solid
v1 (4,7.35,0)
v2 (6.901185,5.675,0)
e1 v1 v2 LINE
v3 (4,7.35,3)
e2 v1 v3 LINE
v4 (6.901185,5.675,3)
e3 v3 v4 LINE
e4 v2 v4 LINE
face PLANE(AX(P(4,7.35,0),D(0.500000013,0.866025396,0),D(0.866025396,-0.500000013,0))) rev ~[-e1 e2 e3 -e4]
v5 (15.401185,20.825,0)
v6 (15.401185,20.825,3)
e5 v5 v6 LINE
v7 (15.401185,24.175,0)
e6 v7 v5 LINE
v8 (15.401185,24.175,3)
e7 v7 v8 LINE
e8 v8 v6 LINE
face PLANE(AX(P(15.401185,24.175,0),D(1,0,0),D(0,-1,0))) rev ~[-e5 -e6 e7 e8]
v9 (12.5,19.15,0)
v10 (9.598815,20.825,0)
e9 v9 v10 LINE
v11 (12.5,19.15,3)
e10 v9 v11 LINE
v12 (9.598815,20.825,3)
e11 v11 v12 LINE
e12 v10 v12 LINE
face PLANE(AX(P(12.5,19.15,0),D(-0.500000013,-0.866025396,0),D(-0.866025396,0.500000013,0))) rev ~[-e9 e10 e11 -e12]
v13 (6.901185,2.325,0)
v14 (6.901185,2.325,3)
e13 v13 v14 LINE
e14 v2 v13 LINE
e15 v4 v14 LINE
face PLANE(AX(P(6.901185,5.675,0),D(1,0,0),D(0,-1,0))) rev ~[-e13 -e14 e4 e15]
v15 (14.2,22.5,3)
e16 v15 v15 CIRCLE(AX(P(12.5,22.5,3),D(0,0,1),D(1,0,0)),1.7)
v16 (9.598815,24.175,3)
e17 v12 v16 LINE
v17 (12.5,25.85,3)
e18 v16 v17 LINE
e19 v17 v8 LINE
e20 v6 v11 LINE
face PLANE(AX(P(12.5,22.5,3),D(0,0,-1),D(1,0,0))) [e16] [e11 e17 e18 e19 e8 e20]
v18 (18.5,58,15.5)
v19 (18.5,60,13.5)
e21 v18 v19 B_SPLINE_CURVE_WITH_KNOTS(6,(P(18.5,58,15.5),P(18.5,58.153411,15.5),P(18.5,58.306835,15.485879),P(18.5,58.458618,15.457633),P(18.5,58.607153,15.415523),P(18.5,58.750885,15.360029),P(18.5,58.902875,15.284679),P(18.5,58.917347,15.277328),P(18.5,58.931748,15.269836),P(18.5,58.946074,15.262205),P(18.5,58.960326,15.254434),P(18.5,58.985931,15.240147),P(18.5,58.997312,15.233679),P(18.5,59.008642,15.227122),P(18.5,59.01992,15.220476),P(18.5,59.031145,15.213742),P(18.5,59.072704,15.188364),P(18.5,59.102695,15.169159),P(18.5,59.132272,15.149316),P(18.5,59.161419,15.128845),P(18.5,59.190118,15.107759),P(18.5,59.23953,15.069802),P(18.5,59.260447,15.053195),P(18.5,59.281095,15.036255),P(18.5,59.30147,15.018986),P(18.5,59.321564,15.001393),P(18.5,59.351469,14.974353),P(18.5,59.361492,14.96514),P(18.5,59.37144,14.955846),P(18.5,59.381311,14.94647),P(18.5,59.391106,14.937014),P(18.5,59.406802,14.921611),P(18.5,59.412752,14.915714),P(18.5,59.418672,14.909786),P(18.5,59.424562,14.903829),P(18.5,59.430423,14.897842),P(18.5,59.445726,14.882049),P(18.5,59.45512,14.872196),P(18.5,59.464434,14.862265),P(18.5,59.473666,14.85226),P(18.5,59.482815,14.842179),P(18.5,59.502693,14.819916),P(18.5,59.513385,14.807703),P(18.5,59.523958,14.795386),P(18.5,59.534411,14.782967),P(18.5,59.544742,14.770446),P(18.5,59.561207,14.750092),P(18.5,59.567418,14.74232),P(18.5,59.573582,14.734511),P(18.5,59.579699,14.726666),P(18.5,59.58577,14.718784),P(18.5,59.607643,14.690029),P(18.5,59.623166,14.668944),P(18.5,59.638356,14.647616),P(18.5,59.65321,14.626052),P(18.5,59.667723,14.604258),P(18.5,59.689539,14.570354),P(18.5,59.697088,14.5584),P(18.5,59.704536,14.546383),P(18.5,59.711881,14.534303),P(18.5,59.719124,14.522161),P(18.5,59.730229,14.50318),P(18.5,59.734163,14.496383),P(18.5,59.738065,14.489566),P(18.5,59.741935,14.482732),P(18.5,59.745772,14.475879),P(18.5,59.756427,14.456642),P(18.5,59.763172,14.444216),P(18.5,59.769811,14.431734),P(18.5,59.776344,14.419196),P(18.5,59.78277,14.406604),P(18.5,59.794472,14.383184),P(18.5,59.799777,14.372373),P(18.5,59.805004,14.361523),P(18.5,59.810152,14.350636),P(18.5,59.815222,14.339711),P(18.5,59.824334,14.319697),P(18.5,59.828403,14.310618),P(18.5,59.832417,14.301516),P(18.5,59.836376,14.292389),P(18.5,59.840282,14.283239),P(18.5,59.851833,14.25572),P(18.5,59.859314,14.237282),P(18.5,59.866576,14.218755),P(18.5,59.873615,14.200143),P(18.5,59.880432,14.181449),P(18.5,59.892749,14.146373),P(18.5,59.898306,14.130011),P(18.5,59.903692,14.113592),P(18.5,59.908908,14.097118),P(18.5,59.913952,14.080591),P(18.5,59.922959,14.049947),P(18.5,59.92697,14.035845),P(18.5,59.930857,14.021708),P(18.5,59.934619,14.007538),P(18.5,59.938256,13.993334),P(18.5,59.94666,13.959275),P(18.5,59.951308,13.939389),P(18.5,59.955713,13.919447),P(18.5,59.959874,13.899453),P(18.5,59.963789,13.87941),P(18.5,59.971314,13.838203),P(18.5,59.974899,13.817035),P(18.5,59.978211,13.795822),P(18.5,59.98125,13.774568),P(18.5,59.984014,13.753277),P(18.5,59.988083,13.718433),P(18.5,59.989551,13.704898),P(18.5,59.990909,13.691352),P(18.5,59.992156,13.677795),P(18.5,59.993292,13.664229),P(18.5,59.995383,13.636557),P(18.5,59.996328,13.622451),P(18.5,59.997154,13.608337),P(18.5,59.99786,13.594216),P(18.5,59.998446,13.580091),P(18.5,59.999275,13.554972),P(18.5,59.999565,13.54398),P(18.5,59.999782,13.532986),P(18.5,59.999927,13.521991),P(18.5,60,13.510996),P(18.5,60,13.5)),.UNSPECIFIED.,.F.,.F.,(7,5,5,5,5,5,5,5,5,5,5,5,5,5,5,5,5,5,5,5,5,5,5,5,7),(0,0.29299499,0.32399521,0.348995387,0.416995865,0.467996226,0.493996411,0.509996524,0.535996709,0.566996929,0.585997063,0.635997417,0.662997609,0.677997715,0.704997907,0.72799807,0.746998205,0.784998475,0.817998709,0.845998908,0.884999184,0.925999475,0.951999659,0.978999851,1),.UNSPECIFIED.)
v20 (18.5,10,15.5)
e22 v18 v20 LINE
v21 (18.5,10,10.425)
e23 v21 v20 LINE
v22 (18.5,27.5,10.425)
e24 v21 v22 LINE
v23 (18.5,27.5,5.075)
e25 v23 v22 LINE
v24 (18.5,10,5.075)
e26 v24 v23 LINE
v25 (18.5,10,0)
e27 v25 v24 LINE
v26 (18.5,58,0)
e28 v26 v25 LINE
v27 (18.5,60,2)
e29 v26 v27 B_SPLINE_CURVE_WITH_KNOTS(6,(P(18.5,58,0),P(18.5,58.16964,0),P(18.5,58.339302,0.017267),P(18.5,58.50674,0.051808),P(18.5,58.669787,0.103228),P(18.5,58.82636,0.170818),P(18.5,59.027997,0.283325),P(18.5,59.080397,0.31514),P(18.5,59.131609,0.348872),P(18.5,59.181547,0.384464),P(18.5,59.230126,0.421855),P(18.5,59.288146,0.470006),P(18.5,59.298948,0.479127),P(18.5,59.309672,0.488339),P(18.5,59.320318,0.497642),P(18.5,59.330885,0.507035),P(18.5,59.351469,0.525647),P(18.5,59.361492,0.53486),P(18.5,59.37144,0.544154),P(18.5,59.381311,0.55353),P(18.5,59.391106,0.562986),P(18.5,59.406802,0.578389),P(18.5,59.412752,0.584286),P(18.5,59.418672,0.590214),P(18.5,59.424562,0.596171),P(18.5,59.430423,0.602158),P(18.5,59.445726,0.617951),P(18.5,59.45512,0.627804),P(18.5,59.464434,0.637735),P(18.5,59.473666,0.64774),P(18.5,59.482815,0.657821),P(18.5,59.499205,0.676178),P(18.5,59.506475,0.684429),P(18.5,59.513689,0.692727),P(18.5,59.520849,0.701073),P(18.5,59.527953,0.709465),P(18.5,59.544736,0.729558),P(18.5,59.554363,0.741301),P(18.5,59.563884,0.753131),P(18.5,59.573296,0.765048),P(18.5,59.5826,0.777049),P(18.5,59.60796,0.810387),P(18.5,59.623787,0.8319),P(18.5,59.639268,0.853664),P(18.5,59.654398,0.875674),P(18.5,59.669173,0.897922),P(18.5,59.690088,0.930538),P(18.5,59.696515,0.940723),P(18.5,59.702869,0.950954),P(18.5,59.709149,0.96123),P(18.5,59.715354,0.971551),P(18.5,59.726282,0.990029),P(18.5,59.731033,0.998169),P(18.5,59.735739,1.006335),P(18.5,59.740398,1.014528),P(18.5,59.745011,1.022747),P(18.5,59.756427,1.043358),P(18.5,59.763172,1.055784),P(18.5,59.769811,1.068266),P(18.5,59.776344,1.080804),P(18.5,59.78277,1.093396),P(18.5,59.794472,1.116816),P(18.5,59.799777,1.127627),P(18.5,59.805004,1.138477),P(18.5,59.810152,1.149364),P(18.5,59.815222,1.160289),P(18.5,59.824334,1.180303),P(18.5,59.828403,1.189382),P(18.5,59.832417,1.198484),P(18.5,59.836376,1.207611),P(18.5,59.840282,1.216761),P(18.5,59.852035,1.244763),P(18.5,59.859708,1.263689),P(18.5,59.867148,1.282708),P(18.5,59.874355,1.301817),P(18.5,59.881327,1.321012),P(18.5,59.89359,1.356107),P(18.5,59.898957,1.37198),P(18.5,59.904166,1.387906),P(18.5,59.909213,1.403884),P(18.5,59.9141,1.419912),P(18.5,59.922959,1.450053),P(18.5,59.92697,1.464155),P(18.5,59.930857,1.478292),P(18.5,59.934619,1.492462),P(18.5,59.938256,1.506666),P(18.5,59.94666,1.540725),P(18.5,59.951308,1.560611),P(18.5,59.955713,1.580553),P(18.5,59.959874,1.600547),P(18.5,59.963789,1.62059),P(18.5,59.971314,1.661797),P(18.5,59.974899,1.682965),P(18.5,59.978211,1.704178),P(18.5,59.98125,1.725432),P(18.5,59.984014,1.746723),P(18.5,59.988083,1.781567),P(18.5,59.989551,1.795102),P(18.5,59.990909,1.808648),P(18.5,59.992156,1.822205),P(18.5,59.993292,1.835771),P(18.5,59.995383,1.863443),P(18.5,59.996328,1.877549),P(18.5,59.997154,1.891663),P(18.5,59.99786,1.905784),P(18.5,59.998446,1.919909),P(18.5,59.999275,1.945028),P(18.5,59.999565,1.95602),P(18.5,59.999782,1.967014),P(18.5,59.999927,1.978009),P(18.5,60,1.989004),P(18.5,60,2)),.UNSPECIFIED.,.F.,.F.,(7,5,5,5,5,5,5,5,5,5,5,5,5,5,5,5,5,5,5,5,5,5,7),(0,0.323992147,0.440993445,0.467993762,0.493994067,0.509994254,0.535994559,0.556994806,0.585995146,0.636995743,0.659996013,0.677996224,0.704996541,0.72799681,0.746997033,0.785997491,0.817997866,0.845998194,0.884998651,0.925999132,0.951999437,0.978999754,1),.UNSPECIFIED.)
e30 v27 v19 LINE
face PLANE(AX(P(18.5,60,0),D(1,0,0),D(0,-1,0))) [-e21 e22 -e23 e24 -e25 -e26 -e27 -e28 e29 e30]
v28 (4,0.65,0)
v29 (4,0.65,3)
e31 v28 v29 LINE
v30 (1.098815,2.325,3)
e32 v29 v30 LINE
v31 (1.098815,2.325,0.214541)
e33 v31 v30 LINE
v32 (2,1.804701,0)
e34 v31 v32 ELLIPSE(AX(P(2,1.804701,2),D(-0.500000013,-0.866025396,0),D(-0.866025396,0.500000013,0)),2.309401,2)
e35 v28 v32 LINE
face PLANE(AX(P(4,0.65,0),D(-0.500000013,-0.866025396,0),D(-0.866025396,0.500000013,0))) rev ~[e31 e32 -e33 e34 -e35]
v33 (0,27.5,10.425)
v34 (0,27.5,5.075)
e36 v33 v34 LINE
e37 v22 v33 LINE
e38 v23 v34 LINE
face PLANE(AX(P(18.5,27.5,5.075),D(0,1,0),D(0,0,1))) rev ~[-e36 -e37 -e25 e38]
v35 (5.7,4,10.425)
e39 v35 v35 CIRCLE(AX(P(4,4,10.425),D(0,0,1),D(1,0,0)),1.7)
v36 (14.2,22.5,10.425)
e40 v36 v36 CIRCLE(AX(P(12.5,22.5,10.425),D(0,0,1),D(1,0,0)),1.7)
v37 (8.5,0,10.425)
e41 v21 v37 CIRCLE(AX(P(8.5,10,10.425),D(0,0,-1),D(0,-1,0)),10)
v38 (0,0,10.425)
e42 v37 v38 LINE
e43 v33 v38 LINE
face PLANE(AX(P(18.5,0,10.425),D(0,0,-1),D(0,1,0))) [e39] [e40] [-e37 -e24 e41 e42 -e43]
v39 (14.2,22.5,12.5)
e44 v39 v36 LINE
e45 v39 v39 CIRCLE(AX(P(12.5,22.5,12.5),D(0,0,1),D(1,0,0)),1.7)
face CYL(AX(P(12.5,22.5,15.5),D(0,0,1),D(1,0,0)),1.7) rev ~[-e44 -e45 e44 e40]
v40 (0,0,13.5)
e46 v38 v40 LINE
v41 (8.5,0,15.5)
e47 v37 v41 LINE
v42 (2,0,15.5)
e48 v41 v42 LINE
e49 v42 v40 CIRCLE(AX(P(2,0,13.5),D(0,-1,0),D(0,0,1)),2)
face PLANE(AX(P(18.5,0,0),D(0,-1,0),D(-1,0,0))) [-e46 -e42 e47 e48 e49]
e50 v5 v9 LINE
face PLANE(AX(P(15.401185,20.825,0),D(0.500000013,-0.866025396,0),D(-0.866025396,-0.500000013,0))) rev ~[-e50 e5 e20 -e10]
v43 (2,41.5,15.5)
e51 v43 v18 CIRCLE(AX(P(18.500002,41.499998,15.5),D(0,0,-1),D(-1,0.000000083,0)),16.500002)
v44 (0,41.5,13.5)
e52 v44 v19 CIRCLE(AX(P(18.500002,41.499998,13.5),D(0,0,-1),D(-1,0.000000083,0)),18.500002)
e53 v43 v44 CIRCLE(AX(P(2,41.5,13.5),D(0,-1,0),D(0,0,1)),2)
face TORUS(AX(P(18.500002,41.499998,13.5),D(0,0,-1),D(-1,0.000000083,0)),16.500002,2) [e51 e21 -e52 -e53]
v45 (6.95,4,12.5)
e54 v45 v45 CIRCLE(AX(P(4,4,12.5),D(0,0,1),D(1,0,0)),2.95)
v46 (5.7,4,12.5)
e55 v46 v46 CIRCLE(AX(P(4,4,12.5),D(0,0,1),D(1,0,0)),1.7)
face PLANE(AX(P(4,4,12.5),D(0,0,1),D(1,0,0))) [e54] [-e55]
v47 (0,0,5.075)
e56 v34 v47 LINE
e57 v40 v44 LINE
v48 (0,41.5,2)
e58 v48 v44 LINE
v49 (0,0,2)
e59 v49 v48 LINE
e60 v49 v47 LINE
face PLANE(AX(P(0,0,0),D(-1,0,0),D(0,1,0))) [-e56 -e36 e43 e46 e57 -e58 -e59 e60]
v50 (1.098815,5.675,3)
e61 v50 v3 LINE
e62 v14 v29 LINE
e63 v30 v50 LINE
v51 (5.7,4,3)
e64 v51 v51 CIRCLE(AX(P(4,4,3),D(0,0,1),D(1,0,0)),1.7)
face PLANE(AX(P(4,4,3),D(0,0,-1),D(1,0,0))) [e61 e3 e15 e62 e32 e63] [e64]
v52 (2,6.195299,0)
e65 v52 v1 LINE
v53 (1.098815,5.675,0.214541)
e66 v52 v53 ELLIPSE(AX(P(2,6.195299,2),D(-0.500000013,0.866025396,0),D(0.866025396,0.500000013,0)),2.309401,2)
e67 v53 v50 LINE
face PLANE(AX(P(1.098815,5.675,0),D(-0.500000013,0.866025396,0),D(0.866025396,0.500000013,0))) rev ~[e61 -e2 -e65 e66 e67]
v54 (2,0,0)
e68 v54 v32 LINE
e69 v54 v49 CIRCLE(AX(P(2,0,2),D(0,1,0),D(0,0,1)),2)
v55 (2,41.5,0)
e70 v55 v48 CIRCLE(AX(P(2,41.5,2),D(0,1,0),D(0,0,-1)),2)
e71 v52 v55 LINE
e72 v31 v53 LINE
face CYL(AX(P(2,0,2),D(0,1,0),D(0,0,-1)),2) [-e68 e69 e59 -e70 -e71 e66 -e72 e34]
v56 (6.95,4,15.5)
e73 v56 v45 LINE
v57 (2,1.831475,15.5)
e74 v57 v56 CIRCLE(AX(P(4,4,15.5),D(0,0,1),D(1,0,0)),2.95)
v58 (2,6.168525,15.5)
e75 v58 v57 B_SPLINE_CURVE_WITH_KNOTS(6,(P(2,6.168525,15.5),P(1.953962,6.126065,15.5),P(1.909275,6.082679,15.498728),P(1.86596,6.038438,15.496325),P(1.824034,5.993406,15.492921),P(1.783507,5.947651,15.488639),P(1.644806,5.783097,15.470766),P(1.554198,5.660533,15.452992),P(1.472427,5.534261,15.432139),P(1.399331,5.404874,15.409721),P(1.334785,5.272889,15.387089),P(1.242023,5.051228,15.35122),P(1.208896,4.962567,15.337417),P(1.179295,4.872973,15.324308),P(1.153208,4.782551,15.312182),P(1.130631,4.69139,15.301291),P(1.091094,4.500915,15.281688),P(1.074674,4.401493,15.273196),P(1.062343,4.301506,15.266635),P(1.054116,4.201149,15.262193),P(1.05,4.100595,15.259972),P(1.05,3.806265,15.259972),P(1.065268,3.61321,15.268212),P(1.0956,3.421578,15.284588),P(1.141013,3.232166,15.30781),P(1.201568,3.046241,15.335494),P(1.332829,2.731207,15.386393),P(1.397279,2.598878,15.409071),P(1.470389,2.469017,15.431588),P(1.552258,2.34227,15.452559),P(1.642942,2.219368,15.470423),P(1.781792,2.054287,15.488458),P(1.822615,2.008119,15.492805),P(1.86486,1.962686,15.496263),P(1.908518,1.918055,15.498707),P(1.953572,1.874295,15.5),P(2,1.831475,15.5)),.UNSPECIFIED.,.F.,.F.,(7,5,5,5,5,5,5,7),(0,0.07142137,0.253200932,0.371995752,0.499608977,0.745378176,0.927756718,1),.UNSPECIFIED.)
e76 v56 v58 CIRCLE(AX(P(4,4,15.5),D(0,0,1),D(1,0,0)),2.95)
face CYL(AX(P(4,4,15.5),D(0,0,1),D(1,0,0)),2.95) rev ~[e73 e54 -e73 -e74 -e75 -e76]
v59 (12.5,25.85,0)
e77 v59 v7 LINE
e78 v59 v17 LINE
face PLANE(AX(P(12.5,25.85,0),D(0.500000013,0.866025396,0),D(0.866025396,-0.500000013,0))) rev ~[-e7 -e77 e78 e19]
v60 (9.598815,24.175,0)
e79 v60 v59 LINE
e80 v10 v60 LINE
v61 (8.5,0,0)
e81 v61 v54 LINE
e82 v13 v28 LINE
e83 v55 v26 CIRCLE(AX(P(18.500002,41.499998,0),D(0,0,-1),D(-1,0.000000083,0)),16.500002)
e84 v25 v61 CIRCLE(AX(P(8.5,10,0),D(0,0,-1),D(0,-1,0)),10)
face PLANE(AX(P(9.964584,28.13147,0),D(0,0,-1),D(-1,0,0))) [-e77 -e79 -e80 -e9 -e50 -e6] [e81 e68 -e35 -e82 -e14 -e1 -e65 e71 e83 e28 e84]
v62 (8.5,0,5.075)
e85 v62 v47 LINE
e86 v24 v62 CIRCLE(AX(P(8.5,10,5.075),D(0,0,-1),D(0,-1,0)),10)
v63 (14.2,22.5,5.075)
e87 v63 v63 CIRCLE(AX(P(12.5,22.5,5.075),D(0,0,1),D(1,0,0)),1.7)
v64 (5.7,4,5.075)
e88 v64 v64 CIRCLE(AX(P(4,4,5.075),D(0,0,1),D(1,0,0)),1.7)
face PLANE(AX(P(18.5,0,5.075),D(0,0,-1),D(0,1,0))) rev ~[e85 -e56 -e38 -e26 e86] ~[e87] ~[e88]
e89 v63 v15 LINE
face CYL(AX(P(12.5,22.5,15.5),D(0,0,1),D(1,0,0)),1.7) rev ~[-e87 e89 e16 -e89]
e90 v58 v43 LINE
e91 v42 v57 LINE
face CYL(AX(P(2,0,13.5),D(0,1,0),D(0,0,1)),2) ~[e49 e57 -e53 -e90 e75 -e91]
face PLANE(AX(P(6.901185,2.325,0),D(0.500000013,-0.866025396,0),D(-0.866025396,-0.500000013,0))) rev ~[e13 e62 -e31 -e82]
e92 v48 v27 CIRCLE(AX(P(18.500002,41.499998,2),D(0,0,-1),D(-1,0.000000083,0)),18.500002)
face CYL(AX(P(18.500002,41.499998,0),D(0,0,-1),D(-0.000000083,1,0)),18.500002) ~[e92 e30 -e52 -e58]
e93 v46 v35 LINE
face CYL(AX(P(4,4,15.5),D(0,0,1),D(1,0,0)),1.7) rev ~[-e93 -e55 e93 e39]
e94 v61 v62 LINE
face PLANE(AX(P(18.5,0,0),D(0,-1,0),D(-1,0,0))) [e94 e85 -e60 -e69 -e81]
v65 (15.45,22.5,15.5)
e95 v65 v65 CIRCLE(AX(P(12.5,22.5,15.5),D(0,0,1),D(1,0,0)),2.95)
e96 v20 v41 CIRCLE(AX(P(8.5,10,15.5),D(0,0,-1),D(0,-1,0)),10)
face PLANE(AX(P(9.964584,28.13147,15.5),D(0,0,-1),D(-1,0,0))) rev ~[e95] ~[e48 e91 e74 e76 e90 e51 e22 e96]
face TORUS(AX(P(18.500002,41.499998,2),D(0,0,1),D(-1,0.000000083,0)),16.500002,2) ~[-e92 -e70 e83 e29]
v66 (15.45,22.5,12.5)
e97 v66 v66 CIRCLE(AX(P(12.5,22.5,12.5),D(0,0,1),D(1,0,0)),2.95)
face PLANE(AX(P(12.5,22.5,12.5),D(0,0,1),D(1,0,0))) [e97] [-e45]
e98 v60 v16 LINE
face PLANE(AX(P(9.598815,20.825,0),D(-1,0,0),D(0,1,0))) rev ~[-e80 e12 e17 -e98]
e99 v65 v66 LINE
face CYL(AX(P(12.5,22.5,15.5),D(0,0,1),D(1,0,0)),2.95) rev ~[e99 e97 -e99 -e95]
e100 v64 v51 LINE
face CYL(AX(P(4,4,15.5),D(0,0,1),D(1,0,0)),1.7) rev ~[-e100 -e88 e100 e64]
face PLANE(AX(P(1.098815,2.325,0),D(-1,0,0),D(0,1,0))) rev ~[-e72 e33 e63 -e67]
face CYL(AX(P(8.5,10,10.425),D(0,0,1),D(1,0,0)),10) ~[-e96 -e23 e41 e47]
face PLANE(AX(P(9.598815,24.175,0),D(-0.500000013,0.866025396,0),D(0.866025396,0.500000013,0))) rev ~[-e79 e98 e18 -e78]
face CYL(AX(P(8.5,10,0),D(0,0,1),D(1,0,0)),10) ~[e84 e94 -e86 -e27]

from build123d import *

# Parameters (mm, degrees)
PAD_DEPTH       = 15.5
SKETCH001_W     = 27.5
SKETCH001_H     = 5.35
POCKET_DEPTH    = 18.501
SKETCH002_R     = 1.7
POCKET001_DEPTH = 15.501
FILLET_R        = 10
FILLET001_R     = 2
SKETCH003_R     = 2.95
POCKET002_DEPTH = 3
POCKET003_DEPTH = 3


with BuildPart() as part:
    # Sketch → Pad (new body)
    with BuildSketch(Plane.XY):
        with BuildLine():
            Line((18.5, 60), (18.5, 0))
            Line((18.5, 0), (0, 0))
            Line((0, 0), (0, 41.5))
            ThreePointArc((18.5, 60), (5.418525, 54.581475), (0, 41.5))
        make_face()
    extrude(amount=PAD_DEPTH)

    # Sketch001 (on Face1 of Pad) → Pocket (cut, through all)
    with BuildSketch(Plane.YZ.offset(18.5)):
        with Locations((13.75, 7.75)):
            Rectangle(SKETCH001_W, SKETCH001_H)
    extrude(amount=-POCKET_DEPTH, mode=Mode.SUBTRACT)

    # Sketch002 (on Face8 of Pocket) → Pocket001 (cut, through all)
    with BuildSketch(Plane.XY.offset(15.5)):
        with Locations((4, 4)):
            Circle(SKETCH002_R)
        with Locations((12.5, 22.5)):
            Circle(SKETCH002_R)
    extrude(amount=-POCKET001_DEPTH, mode=Mode.SUBTRACT)

    # Fillet
    fillet_edges = [part.edges().sort_by_distance(p)[0] for p in [
        (18.5, 0, 12.9625),
        (18.5, 0, 2.5375),
    ]]
    fillet(fillet_edges, radius=FILLET_R)

    # Fillet001
    fillet001_edges = [part.edges().sort_by_distance(p)[0] for p in [
        (0, 20.75, 15.5),
        (0, 20.75, 0),
    ]]
    fillet(fillet001_edges, radius=FILLET001_R)

    # Sketch003 (on Face9 of Fillet001) → Pocket002 (cut)
    with BuildSketch(Plane.XY.offset(15.5)):
        with Locations((12.5, 22.5)):
            Circle(SKETCH003_R)
        with Locations((4, 4)):
            Circle(SKETCH003_R)
    extrude(amount=-POCKET002_DEPTH, mode=Mode.SUBTRACT)

    # Sketch004 (on Face2 of Pocket002) → Pocket003 (cut)
    with BuildSketch(Plane(origin=(0, 0, 0), x_dir=(1, 0, 0), z_dir=(0, 0, -1))):
        Polygon((12.5, -25.85), (15.401185, -24.175), (15.401185, -20.825), (12.5, -19.15), (9.598815, -20.825), (9.598815, -24.175), align=None)
        Polygon((4, -7.35), (6.901185, -5.675), (6.901185, -2.325), (4, -0.65), (1.098815, -2.325), (1.098815, -5.675), align=None)
    extrude(amount=-POCKET003_DEPTH, mode=Mode.SUBTRACT)


solid = part.part
